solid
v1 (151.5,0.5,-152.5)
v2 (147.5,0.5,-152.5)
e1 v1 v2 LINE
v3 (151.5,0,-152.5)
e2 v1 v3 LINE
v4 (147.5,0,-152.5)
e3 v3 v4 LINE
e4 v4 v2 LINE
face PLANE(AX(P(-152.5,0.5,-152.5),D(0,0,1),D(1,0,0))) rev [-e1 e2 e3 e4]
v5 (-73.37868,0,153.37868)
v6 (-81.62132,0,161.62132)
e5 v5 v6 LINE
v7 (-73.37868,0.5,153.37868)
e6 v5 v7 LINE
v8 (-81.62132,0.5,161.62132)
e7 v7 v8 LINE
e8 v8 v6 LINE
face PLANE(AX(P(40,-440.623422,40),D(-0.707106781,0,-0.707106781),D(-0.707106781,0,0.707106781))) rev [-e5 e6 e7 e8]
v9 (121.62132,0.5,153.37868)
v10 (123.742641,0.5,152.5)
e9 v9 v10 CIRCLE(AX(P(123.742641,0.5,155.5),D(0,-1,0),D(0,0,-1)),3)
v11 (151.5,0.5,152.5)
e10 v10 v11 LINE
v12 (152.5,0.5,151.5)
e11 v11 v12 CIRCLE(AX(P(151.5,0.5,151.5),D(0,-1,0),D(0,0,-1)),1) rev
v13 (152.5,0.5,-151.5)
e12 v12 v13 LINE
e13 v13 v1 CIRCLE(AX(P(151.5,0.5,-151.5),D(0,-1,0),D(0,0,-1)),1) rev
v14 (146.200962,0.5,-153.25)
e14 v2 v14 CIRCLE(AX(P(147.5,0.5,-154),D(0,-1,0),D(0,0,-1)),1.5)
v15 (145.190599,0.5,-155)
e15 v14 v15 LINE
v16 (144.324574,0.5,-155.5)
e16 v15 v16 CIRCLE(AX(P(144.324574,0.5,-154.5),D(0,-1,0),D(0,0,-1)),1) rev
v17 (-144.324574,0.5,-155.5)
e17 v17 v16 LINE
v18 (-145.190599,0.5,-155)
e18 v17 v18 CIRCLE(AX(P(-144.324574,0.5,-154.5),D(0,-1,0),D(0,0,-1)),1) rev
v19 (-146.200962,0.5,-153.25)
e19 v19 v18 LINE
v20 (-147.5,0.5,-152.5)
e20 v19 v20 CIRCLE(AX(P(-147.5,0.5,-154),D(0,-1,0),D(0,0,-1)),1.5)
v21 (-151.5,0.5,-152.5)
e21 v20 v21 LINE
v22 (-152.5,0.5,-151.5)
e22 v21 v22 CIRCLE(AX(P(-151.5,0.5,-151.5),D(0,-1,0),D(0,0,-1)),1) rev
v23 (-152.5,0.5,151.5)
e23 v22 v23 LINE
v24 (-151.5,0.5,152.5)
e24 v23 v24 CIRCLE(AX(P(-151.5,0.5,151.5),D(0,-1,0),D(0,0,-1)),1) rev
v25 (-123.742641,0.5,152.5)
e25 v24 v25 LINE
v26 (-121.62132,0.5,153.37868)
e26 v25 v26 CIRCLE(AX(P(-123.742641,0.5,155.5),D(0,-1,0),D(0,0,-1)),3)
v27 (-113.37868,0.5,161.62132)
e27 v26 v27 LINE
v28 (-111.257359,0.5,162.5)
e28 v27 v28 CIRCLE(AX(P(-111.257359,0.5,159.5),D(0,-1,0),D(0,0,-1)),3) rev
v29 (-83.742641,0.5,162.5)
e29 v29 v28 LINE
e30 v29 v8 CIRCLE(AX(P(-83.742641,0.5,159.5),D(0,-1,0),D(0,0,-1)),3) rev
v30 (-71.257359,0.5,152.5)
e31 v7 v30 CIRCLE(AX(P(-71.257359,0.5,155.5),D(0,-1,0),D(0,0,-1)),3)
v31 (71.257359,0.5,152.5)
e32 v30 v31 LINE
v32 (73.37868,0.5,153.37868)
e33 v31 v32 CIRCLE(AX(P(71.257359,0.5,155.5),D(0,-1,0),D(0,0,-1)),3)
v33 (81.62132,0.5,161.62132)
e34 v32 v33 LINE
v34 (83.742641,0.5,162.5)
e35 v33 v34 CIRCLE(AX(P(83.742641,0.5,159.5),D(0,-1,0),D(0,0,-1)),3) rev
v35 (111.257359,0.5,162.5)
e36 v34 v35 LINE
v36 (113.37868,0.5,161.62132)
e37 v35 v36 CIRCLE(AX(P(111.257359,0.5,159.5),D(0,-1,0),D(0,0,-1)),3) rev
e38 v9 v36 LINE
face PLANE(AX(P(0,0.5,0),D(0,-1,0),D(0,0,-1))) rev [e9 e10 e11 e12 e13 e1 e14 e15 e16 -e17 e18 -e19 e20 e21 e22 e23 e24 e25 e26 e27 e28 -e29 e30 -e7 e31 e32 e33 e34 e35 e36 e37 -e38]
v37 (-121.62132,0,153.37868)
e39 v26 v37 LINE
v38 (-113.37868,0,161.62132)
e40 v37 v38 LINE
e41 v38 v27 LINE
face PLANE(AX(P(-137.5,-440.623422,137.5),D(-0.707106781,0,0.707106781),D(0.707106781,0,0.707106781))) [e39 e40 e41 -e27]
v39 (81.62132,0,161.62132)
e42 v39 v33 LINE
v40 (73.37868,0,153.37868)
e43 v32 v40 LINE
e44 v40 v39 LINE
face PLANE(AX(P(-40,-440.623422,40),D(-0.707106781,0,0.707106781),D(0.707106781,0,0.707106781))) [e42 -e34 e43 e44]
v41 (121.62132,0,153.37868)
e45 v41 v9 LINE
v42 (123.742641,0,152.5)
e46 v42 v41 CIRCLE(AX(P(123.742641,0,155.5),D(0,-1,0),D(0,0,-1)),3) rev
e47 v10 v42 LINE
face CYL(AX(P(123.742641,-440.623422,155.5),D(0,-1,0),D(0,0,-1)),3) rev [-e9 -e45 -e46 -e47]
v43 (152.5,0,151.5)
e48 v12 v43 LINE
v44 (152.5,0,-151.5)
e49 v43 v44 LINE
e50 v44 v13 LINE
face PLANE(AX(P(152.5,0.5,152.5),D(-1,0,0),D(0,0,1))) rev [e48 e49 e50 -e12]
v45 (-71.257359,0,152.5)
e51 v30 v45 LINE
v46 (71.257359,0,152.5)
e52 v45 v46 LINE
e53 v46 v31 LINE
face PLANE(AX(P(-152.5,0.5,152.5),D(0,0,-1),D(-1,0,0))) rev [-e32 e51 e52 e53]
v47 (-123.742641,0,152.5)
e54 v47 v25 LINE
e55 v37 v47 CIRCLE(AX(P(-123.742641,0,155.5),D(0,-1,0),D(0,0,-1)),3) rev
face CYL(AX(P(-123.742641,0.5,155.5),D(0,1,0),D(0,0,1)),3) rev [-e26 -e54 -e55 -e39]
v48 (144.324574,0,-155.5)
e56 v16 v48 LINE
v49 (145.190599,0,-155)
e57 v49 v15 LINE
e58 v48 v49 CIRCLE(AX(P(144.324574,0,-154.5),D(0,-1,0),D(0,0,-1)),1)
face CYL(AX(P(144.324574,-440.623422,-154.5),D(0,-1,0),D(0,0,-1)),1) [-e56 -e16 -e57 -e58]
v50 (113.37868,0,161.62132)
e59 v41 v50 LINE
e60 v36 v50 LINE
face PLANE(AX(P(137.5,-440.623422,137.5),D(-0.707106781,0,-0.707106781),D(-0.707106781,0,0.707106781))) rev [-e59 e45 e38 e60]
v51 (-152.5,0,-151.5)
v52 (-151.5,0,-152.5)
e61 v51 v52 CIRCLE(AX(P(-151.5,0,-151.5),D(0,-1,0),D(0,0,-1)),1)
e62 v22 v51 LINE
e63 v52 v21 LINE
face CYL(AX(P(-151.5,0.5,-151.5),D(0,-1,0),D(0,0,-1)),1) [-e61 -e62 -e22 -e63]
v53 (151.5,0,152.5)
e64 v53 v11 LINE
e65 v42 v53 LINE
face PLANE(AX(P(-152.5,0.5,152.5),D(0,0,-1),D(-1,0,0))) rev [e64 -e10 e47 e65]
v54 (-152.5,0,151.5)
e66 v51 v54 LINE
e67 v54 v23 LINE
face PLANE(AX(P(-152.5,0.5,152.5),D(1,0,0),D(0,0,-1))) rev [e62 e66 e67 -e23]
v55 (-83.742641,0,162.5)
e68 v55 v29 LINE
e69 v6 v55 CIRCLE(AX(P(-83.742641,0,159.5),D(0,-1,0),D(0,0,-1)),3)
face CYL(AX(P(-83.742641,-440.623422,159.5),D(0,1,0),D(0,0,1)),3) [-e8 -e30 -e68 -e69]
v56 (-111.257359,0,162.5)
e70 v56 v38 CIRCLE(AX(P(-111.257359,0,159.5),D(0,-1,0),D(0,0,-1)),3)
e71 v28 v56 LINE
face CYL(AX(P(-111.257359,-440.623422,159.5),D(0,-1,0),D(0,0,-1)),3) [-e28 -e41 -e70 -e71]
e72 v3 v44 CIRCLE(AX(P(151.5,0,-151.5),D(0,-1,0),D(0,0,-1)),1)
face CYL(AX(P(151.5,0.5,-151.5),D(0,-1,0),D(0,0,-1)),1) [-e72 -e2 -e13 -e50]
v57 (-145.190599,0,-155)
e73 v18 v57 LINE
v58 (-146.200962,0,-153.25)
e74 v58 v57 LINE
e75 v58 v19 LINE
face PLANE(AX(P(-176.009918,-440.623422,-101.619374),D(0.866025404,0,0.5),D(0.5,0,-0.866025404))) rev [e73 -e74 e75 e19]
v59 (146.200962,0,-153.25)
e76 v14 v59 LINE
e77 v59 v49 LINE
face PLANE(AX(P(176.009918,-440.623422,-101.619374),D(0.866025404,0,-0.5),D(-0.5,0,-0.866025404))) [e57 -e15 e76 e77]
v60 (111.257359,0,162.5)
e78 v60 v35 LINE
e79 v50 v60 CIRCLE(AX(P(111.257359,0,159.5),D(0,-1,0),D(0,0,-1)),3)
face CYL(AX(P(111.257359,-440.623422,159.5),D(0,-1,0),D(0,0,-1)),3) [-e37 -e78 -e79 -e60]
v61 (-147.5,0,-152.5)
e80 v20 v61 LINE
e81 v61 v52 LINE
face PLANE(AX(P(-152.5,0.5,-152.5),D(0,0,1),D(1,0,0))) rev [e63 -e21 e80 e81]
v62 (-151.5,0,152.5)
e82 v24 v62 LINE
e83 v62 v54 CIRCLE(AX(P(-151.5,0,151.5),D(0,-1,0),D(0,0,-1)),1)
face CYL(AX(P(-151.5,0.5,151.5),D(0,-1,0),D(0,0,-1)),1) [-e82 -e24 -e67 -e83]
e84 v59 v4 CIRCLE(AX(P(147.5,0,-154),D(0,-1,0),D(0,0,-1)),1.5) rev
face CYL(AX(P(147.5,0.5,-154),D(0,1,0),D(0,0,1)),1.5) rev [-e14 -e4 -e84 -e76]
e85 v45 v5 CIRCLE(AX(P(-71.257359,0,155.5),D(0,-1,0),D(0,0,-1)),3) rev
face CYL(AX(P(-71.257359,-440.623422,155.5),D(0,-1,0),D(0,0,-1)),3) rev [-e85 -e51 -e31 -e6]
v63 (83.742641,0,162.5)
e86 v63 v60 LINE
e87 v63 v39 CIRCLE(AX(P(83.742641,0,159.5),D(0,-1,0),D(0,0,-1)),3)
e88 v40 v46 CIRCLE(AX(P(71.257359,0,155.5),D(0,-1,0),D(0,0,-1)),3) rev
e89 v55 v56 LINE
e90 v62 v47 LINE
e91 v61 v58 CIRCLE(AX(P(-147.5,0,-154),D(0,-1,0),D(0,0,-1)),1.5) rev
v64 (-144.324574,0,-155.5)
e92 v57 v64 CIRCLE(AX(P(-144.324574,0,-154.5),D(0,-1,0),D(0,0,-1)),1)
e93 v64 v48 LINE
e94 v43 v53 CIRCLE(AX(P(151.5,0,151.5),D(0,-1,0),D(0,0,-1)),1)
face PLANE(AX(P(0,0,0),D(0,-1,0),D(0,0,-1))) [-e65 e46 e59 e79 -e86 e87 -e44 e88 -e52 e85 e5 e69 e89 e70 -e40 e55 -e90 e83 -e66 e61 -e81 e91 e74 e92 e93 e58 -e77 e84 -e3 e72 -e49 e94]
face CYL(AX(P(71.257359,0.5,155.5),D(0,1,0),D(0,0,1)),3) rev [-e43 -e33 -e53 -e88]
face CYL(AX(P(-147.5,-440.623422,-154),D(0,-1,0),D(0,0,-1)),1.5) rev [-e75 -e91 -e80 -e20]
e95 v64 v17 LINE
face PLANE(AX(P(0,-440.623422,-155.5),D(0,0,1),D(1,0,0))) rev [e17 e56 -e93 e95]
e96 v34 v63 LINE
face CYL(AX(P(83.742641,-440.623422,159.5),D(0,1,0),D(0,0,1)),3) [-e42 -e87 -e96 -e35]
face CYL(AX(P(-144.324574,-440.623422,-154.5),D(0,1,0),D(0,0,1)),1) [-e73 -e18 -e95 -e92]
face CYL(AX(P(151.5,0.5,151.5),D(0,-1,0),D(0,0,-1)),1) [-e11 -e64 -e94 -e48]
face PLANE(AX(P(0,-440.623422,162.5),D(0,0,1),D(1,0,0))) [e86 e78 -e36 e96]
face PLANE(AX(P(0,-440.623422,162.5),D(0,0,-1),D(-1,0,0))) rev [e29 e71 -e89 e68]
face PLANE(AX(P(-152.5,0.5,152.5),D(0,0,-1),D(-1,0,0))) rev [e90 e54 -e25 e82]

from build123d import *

# Parameters (mm, degrees)
SKETCH1_W           = 305
SKETCH1_H           = 305
BOSS_EXTRUDE1_DEPTH = 0.5
BOSS_EXTRUDE2_DEPTH = 0.5
FILLET1_R           = 1
FILLET2_R           = 1.5
FILLET3_R           = 3


with BuildPart() as part:
    # Sketch1 → Boss-Extrude1 (new body)
    with BuildSketch(Plane(origin=(0, 0, 0), x_dir=(1, 0, 0), z_dir=(0, 1, 0))):
        Rectangle(SKETCH1_W, SKETCH1_H)
    extrude(amount=BOSS_EXTRUDE1_DEPTH)

    # Sketch2 → Boss-Extrude2 (add)
    with BuildSketch(Plane(origin=(0, 0.5, 0), x_dir=(1, 0, 0), z_dir=(0, 1, 0))):
        Polygon((-72.5, -152.5), (-122.5, -152.5), (-112.5, -162.5), (-82.5, -162.5), align=None)
        Polygon((112.5, -162.5), (122.5, -152.5), (72.5, -152.5), (82.5, -162.5), align=None)
        Polygon((-144.901923792, 155.5), (-146.6339746, 152.5), (146.6339746, 152.5), (144.901923792, 155.5), align=None)
    extrude(amount=-BOSS_EXTRUDE2_DEPTH)

    # Fillet1
    fillet1_edges = [part.edges().sort_by_distance(p)[0] for p in [
        (-144.901923792, 0.25, -155.5),
        (144.901923792, 0.25, -155.5),
        (152.5, 0.25, 152.5),
        (-152.5, 0.25, 152.5),
        (-152.5, 0.25, -152.5),
        (152.5, 0.25, -152.5),
    ]]
    fillet(fillet1_edges, radius=FILLET1_R)

    # Fillet2
    fillet2_edges = [part.edges().sort_by_distance(p)[0] for p in [
        (-146.6339746, 0.25, -152.5),
        (146.6339746, 0.25, -152.5),
    ]]
    fillet(fillet2_edges, radius=FILLET2_R)

    # Fillet3
    fillet3_edges = [part.edges().sort_by_distance(p)[0] for p in [
        (-72.5, 0.25, 152.5),
        (-82.5, 0.25, 162.5),
        (-112.5, 0.25, 162.5),
        (122.5, 0.25, 152.5),
        (112.5, 0.25, 162.5),
        (82.5, 0.25, 162.5),
        (72.5, 0.25, 152.5),
        (-122.5, 0.25, 152.5),
    ]]
    fillet(fillet3_edges, radius=FILLET3_R)


solid = part.part
